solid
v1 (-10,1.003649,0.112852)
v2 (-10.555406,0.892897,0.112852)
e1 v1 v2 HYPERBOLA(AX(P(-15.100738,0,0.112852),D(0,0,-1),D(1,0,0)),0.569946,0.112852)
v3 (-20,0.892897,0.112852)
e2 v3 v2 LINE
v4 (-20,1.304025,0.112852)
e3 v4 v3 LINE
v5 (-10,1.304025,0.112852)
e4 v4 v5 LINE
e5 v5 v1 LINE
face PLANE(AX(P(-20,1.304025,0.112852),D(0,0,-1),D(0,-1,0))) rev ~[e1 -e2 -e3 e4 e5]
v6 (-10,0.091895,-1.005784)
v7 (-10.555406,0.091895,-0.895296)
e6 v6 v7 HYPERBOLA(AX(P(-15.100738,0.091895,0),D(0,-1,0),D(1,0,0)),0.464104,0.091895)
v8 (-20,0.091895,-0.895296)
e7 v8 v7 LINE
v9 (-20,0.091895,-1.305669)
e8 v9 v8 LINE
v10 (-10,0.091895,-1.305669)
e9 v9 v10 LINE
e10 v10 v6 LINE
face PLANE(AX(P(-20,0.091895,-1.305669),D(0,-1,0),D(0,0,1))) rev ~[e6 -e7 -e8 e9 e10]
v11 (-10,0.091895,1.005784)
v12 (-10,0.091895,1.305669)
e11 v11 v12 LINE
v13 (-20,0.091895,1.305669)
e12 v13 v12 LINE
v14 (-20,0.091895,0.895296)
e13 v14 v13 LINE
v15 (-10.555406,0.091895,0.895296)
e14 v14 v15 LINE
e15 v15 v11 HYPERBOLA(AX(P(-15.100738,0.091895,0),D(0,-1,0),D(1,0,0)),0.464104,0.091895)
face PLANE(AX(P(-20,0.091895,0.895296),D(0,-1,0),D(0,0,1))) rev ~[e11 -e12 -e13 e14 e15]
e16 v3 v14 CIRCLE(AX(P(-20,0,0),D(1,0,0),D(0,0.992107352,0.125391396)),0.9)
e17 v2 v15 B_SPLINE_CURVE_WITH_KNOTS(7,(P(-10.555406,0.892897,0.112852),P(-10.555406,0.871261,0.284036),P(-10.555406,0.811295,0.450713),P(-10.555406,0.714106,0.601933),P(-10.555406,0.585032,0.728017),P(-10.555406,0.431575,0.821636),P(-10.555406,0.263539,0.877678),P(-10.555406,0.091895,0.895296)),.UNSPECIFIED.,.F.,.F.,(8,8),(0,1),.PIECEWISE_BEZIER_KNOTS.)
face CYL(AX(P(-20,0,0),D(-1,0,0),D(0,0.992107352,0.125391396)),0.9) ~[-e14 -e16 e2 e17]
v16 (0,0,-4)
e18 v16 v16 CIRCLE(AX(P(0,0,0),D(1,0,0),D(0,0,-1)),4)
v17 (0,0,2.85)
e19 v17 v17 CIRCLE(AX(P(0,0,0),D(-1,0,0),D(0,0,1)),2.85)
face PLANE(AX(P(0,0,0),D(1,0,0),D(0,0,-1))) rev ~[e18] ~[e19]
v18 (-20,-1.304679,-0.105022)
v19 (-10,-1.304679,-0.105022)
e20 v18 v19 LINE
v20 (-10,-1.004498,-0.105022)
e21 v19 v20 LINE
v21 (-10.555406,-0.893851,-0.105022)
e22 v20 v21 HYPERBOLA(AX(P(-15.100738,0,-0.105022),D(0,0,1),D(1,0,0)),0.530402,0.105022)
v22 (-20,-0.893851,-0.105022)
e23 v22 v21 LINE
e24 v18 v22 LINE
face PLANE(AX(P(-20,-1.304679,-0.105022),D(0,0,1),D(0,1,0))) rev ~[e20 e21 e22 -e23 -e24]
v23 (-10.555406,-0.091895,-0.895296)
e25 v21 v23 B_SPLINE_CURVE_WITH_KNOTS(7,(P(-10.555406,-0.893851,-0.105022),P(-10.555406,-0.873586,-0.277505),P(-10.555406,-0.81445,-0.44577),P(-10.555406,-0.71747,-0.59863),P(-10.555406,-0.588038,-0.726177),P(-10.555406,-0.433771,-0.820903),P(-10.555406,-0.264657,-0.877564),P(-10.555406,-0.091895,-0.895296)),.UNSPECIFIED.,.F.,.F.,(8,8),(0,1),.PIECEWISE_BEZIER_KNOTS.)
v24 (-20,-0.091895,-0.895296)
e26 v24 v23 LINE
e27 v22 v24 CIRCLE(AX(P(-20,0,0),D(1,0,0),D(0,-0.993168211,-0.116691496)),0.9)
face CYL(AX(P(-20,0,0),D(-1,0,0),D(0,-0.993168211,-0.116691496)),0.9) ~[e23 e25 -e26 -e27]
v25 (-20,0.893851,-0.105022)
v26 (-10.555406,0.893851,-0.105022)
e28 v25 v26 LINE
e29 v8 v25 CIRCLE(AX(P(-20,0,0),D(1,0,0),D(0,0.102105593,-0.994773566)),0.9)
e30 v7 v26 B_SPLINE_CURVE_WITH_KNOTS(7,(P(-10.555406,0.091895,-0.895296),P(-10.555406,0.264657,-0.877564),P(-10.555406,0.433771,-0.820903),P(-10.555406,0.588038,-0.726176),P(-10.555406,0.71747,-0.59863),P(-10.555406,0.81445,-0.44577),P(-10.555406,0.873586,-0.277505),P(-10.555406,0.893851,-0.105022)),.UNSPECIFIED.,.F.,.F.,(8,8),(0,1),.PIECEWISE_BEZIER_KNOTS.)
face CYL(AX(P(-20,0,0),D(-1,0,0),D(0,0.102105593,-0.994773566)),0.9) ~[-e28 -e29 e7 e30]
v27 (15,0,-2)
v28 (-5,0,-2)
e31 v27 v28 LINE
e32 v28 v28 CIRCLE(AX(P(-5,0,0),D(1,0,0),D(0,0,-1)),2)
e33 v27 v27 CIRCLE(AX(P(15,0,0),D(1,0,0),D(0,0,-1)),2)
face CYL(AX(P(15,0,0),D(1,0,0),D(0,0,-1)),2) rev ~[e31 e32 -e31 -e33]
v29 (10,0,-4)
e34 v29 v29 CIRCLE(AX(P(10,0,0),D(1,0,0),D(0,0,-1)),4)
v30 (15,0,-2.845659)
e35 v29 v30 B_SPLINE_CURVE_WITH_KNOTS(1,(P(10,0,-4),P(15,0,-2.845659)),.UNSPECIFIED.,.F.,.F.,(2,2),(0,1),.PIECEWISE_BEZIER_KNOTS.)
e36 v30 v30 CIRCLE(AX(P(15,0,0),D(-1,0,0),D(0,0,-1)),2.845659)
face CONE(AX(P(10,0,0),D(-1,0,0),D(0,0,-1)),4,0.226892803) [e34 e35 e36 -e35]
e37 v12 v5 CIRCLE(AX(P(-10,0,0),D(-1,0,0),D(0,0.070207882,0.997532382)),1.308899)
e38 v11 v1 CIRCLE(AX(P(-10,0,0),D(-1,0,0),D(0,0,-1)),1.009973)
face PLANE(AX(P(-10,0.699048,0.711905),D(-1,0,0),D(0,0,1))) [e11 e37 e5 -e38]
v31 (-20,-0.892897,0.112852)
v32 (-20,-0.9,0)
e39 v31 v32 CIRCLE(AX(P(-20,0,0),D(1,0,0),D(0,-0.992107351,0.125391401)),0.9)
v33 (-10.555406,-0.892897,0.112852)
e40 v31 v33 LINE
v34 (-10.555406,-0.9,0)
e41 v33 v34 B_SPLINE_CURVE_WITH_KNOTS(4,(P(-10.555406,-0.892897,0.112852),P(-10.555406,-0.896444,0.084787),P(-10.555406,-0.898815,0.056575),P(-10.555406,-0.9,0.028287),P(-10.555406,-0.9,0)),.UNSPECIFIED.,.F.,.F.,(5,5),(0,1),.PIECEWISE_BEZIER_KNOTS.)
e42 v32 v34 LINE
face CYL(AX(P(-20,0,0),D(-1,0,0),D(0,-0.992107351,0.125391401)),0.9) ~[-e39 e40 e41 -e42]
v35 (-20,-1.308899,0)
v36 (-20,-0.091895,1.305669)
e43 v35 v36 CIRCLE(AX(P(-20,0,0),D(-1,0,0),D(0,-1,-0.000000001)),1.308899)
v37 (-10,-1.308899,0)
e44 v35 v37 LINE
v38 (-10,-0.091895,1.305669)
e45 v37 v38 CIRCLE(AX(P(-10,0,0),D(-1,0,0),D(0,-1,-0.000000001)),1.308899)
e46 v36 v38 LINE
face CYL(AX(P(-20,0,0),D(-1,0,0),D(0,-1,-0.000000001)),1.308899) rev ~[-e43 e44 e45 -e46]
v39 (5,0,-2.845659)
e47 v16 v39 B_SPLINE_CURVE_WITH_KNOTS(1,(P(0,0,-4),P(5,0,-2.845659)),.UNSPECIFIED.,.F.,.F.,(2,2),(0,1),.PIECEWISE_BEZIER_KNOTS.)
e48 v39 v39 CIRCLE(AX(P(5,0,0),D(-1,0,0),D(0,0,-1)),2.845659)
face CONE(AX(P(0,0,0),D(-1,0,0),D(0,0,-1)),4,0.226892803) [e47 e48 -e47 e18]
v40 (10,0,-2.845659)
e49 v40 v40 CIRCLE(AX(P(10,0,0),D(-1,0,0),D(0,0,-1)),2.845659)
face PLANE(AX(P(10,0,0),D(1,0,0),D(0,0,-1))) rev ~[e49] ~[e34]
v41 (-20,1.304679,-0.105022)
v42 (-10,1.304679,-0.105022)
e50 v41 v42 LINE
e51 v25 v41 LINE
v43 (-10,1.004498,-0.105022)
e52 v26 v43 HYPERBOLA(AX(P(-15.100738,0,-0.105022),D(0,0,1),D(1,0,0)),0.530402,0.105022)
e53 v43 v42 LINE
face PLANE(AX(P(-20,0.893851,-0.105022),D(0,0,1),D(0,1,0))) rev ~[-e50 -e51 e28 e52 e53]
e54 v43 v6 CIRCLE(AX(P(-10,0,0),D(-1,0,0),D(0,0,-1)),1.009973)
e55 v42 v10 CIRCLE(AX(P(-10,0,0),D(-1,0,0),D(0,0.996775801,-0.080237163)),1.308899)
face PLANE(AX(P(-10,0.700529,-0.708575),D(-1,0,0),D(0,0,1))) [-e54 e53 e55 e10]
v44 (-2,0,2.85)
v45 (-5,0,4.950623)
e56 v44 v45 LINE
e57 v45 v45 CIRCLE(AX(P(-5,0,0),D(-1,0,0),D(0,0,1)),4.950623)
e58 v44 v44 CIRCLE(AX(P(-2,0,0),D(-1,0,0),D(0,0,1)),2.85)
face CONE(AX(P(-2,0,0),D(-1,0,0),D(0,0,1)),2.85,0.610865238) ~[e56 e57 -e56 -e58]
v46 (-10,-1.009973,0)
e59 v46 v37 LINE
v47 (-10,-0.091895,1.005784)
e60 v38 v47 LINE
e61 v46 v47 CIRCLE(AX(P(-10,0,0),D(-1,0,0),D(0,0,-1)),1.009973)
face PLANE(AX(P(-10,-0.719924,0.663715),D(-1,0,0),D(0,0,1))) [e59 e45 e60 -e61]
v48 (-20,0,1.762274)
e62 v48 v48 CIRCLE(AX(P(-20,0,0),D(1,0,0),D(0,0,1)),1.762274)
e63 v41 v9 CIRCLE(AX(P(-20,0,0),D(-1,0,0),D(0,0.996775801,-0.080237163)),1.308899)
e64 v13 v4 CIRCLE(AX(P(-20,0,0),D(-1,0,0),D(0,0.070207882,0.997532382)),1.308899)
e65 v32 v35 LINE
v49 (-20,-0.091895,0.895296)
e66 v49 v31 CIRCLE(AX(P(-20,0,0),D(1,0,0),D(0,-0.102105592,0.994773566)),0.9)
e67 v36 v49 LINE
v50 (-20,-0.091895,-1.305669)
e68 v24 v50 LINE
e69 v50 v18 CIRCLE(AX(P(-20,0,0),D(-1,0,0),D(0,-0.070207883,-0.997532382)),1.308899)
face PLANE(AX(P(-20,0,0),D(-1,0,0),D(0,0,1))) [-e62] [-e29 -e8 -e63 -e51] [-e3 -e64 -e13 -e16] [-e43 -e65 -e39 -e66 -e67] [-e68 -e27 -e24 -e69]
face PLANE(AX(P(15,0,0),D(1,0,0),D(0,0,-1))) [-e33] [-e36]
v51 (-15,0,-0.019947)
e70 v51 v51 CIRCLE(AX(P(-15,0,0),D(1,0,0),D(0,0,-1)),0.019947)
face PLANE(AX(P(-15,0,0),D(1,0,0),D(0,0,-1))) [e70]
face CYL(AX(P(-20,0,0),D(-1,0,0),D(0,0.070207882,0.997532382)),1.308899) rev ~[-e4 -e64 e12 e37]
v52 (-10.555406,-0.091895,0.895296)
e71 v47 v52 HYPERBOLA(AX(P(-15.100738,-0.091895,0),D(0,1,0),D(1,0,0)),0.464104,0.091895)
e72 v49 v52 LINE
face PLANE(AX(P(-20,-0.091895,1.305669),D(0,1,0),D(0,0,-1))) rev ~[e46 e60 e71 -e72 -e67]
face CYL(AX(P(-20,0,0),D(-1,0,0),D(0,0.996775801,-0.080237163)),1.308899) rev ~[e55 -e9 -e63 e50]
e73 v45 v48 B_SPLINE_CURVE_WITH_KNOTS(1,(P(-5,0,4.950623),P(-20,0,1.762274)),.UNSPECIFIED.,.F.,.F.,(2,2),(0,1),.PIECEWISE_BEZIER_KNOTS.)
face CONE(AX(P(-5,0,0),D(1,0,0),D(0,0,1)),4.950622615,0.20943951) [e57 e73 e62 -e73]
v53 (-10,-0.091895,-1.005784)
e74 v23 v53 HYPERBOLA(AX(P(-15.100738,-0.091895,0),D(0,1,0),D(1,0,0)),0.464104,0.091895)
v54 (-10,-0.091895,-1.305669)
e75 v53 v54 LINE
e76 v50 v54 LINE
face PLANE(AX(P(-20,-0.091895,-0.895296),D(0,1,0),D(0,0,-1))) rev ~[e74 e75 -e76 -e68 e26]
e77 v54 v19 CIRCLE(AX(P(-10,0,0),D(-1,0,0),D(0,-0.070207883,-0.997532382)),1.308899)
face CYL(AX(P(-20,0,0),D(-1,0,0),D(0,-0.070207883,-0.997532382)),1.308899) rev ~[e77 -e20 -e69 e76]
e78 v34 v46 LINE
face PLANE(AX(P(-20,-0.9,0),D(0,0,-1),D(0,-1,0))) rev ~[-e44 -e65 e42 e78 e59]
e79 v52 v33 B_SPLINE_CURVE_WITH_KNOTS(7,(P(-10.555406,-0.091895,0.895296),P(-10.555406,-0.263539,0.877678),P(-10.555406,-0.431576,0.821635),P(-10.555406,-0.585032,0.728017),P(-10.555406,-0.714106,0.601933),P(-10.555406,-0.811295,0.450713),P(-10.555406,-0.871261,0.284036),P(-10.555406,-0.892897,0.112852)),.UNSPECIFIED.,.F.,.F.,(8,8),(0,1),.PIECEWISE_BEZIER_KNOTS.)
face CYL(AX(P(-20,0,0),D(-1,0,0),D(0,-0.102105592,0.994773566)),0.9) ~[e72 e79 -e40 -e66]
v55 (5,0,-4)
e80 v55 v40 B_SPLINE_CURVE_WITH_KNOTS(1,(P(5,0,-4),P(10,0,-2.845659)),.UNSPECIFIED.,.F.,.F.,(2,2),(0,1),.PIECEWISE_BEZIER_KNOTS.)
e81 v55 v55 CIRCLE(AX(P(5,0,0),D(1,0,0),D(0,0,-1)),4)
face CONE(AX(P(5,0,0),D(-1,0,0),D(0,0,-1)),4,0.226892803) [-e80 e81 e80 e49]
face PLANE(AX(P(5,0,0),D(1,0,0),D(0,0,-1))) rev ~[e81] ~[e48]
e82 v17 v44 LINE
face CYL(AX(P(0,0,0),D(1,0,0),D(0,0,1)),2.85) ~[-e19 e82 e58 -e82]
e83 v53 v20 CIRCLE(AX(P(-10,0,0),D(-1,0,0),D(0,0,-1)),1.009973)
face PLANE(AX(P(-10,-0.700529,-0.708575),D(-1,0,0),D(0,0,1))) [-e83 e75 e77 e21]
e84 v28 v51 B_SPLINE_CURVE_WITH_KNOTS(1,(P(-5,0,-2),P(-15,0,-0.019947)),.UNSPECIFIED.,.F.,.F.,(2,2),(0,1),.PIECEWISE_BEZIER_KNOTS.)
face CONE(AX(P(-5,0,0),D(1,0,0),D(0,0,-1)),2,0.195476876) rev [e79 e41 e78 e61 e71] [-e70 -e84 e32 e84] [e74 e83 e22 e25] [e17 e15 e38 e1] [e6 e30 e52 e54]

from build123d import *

# Parameters (mm, degrees)
SKETCH1_R           = 4
BOSS_EXTRUDE1_DEPTH = 5
BOSS_EXTRUDE1_TAPER = 13
SKETCH2_R           = 4
BOSS_EXTRUDE2_DEPTH = 5
BOSS_EXTRUDE2_TAPER = 13
SKETCH3_R           = 4
BOSS_EXTRUDE3_DEPTH = 5
BOSS_EXTRUDE3_TAPER = 13
SKETCH4_R           = 2.85
BOSS_EXTRUDE4_DEPTH = 2
SKETCH5_R           = 2.85
BOSS_EXTRUDE5_DEPTH = 3
BOSS_EXTRUDE5_DRAFT = -35
SKETCH6_R           = 4.950622615
BOSS_EXTRUDE6_DEPTH = 15
BOSS_EXTRUDE6_TAPER = 12
SKETCH9_R           = 2
CUT_EXTRUDE1_DEPTH  = 20
SKETCH14_R          = 2
CUT_EXTRUDE11_DEPTH = 10
CUT_EXTRUDE11_TAPER = 11.2
CUT_EXTRUDE13_DEPTH = 10


with BuildPart() as part:
    # Sketch1 → Boss-Extrude1 (new body)
    with BuildSketch(Plane(origin=(0, 0, 0), x_dir=(0, 0, -1), z_dir=(1, 0, 0))):
        Circle(SKETCH1_R)
    extrude(amount=BOSS_EXTRUDE1_DEPTH, taper=BOSS_EXTRUDE1_TAPER)

    # Sketch2 → Boss-Extrude2 (add)
    with BuildSketch(Plane(origin=(5, 0, 0), x_dir=(0, 0, -1), z_dir=(1, 0, 0))):
        Circle(SKETCH2_R)
    extrude(amount=BOSS_EXTRUDE2_DEPTH, taper=BOSS_EXTRUDE2_TAPER)

    # Sketch3 → Boss-Extrude3 (add)
    with BuildSketch(Plane(origin=(10, 0, 0), x_dir=(0, 0, -1), z_dir=(1, 0, 0))):
        Circle(SKETCH3_R)
    extrude(amount=BOSS_EXTRUDE3_DEPTH, taper=BOSS_EXTRUDE3_TAPER)

    # Sketch4 → Boss-Extrude4 (add)
    with BuildSketch(Plane.ZY):
        Circle(SKETCH4_R)
    extrude(amount=BOSS_EXTRUDE4_DEPTH)


with BuildPart() as boss_extrude5_tool:
    # Sketch5 → Boss-Extrude5 (with draft: the straight prism first)
    with BuildSketch(Plane.ZY.offset(2)):
        Circle(SKETCH5_R)
    extrude(amount=BOSS_EXTRUDE5_DEPTH)
    # Boss-Extrude5: the draft: its side faces are tilted about the plane it starts from
    boss_extrude5_sides = [boss_extrude5_tool.faces().sort_by_distance(p)[0] for p in [
        (-3.5, 0, -2.85),
    ]]
    draft(boss_extrude5_sides, Plane.ZY.offset(2), BOSS_EXTRUDE5_DRAFT)


with BuildPart() as part_1:
    add(part.part)

    # Boss-Extrude5: add boss_extrude5_tool
    add(boss_extrude5_tool.part)

    # Sketch6 → Boss-Extrude6 (add)
    with BuildSketch(Plane.ZY.offset(5)):
        Circle(SKETCH6_R)
    extrude(amount=BOSS_EXTRUDE6_DEPTH, taper=BOSS_EXTRUDE6_TAPER)

    # Sketch9 → Cut-Extrude1 (cut)
    with BuildSketch(Plane(origin=(15, 0, 0), x_dir=(0, 0, -1), z_dir=(1, 0, 0))):
        Circle(SKETCH9_R)
    extrude(amount=-CUT_EXTRUDE1_DEPTH, mode=Mode.SUBTRACT)

    # Sketch14 → Cut-Extrude11 (cut)
    with BuildSketch(Plane(origin=(-5, 0, 0), x_dir=(0, 0, -1), z_dir=(1, 0, 0))):
        Circle(SKETCH14_R)
    extrude(amount=-CUT_EXTRUDE11_DEPTH, taper=CUT_EXTRUDE11_TAPER, mode=Mode.SUBTRACT)

    # Sketch15 → Cut-Extrude13 (cut)
    with BuildSketch(Plane.ZY.offset(20)):
        with BuildLine():
            Line((-0.105022345, 0.89385139), (-0.105022345, 1.304678892))
            ThreePointArc((-0.105022345, 1.304678892), (-0.930174079, 0.920865292), (-1.305669179, 0.091895032))
            Line((-1.305669179, 0.091895032), (-0.89529621, 0.091895032))
            ThreePointArc((-0.89529621, 0.091895032), (-0.641048206, 0.631709741), (-0.105022345, 0.89385139))
        make_face()
        with BuildLine():
            ThreePointArc((1.305669179, 0.091895032), (0.932933814, 0.91806928), (0.112852256, 1.30402495))
            Line((0.112852256, 1.30402495), (0.112852256, 0.892896617))
            ThreePointArc((0.112852256, 0.892896617), (0.643810311, 0.628894493), (0.89529621, 0.091895032))
            Line((0.89529621, 0.091895032), (1.305669179, 0.091895032))
        make_face()
        with BuildLine():
            Line((-0.89529621, -0.091895032), (-1.305669179, -0.091895032))
            ThreePointArc((-1.305669179, -0.091895032), (-0.930174079, -0.920865292), (-0.105022345, -1.304678892))
            Line((-0.105022345, -1.304678892), (-0.105022345, -0.89385139))
            ThreePointArc((-0.105022345, -0.89385139), (-0.641048206, -0.631709741), (-0.89529621, -0.091895032))
        make_face()
        with BuildLine():
            ThreePointArc((0, -1.308899042), (0.892450386, -0.95747011), (1.305669179, -0.091895032))
            Line((1.305669179, -0.091895032), (0.89529621, -0.091895032))
            ThreePointArc((0.89529621, -0.091895032), (0.643810311, -0.628894493), (0.112852256, -0.892896617))
            ThreePointArc((0.112852256, -0.892896617), (0.056537797, -0.898222399), (0, -0.9))
            Line((0, -0.9), (0, -1.308899042))
        make_face()
    extrude(amount=-CUT_EXTRUDE13_DEPTH, mode=Mode.SUBTRACT)


solid = part_1.part
